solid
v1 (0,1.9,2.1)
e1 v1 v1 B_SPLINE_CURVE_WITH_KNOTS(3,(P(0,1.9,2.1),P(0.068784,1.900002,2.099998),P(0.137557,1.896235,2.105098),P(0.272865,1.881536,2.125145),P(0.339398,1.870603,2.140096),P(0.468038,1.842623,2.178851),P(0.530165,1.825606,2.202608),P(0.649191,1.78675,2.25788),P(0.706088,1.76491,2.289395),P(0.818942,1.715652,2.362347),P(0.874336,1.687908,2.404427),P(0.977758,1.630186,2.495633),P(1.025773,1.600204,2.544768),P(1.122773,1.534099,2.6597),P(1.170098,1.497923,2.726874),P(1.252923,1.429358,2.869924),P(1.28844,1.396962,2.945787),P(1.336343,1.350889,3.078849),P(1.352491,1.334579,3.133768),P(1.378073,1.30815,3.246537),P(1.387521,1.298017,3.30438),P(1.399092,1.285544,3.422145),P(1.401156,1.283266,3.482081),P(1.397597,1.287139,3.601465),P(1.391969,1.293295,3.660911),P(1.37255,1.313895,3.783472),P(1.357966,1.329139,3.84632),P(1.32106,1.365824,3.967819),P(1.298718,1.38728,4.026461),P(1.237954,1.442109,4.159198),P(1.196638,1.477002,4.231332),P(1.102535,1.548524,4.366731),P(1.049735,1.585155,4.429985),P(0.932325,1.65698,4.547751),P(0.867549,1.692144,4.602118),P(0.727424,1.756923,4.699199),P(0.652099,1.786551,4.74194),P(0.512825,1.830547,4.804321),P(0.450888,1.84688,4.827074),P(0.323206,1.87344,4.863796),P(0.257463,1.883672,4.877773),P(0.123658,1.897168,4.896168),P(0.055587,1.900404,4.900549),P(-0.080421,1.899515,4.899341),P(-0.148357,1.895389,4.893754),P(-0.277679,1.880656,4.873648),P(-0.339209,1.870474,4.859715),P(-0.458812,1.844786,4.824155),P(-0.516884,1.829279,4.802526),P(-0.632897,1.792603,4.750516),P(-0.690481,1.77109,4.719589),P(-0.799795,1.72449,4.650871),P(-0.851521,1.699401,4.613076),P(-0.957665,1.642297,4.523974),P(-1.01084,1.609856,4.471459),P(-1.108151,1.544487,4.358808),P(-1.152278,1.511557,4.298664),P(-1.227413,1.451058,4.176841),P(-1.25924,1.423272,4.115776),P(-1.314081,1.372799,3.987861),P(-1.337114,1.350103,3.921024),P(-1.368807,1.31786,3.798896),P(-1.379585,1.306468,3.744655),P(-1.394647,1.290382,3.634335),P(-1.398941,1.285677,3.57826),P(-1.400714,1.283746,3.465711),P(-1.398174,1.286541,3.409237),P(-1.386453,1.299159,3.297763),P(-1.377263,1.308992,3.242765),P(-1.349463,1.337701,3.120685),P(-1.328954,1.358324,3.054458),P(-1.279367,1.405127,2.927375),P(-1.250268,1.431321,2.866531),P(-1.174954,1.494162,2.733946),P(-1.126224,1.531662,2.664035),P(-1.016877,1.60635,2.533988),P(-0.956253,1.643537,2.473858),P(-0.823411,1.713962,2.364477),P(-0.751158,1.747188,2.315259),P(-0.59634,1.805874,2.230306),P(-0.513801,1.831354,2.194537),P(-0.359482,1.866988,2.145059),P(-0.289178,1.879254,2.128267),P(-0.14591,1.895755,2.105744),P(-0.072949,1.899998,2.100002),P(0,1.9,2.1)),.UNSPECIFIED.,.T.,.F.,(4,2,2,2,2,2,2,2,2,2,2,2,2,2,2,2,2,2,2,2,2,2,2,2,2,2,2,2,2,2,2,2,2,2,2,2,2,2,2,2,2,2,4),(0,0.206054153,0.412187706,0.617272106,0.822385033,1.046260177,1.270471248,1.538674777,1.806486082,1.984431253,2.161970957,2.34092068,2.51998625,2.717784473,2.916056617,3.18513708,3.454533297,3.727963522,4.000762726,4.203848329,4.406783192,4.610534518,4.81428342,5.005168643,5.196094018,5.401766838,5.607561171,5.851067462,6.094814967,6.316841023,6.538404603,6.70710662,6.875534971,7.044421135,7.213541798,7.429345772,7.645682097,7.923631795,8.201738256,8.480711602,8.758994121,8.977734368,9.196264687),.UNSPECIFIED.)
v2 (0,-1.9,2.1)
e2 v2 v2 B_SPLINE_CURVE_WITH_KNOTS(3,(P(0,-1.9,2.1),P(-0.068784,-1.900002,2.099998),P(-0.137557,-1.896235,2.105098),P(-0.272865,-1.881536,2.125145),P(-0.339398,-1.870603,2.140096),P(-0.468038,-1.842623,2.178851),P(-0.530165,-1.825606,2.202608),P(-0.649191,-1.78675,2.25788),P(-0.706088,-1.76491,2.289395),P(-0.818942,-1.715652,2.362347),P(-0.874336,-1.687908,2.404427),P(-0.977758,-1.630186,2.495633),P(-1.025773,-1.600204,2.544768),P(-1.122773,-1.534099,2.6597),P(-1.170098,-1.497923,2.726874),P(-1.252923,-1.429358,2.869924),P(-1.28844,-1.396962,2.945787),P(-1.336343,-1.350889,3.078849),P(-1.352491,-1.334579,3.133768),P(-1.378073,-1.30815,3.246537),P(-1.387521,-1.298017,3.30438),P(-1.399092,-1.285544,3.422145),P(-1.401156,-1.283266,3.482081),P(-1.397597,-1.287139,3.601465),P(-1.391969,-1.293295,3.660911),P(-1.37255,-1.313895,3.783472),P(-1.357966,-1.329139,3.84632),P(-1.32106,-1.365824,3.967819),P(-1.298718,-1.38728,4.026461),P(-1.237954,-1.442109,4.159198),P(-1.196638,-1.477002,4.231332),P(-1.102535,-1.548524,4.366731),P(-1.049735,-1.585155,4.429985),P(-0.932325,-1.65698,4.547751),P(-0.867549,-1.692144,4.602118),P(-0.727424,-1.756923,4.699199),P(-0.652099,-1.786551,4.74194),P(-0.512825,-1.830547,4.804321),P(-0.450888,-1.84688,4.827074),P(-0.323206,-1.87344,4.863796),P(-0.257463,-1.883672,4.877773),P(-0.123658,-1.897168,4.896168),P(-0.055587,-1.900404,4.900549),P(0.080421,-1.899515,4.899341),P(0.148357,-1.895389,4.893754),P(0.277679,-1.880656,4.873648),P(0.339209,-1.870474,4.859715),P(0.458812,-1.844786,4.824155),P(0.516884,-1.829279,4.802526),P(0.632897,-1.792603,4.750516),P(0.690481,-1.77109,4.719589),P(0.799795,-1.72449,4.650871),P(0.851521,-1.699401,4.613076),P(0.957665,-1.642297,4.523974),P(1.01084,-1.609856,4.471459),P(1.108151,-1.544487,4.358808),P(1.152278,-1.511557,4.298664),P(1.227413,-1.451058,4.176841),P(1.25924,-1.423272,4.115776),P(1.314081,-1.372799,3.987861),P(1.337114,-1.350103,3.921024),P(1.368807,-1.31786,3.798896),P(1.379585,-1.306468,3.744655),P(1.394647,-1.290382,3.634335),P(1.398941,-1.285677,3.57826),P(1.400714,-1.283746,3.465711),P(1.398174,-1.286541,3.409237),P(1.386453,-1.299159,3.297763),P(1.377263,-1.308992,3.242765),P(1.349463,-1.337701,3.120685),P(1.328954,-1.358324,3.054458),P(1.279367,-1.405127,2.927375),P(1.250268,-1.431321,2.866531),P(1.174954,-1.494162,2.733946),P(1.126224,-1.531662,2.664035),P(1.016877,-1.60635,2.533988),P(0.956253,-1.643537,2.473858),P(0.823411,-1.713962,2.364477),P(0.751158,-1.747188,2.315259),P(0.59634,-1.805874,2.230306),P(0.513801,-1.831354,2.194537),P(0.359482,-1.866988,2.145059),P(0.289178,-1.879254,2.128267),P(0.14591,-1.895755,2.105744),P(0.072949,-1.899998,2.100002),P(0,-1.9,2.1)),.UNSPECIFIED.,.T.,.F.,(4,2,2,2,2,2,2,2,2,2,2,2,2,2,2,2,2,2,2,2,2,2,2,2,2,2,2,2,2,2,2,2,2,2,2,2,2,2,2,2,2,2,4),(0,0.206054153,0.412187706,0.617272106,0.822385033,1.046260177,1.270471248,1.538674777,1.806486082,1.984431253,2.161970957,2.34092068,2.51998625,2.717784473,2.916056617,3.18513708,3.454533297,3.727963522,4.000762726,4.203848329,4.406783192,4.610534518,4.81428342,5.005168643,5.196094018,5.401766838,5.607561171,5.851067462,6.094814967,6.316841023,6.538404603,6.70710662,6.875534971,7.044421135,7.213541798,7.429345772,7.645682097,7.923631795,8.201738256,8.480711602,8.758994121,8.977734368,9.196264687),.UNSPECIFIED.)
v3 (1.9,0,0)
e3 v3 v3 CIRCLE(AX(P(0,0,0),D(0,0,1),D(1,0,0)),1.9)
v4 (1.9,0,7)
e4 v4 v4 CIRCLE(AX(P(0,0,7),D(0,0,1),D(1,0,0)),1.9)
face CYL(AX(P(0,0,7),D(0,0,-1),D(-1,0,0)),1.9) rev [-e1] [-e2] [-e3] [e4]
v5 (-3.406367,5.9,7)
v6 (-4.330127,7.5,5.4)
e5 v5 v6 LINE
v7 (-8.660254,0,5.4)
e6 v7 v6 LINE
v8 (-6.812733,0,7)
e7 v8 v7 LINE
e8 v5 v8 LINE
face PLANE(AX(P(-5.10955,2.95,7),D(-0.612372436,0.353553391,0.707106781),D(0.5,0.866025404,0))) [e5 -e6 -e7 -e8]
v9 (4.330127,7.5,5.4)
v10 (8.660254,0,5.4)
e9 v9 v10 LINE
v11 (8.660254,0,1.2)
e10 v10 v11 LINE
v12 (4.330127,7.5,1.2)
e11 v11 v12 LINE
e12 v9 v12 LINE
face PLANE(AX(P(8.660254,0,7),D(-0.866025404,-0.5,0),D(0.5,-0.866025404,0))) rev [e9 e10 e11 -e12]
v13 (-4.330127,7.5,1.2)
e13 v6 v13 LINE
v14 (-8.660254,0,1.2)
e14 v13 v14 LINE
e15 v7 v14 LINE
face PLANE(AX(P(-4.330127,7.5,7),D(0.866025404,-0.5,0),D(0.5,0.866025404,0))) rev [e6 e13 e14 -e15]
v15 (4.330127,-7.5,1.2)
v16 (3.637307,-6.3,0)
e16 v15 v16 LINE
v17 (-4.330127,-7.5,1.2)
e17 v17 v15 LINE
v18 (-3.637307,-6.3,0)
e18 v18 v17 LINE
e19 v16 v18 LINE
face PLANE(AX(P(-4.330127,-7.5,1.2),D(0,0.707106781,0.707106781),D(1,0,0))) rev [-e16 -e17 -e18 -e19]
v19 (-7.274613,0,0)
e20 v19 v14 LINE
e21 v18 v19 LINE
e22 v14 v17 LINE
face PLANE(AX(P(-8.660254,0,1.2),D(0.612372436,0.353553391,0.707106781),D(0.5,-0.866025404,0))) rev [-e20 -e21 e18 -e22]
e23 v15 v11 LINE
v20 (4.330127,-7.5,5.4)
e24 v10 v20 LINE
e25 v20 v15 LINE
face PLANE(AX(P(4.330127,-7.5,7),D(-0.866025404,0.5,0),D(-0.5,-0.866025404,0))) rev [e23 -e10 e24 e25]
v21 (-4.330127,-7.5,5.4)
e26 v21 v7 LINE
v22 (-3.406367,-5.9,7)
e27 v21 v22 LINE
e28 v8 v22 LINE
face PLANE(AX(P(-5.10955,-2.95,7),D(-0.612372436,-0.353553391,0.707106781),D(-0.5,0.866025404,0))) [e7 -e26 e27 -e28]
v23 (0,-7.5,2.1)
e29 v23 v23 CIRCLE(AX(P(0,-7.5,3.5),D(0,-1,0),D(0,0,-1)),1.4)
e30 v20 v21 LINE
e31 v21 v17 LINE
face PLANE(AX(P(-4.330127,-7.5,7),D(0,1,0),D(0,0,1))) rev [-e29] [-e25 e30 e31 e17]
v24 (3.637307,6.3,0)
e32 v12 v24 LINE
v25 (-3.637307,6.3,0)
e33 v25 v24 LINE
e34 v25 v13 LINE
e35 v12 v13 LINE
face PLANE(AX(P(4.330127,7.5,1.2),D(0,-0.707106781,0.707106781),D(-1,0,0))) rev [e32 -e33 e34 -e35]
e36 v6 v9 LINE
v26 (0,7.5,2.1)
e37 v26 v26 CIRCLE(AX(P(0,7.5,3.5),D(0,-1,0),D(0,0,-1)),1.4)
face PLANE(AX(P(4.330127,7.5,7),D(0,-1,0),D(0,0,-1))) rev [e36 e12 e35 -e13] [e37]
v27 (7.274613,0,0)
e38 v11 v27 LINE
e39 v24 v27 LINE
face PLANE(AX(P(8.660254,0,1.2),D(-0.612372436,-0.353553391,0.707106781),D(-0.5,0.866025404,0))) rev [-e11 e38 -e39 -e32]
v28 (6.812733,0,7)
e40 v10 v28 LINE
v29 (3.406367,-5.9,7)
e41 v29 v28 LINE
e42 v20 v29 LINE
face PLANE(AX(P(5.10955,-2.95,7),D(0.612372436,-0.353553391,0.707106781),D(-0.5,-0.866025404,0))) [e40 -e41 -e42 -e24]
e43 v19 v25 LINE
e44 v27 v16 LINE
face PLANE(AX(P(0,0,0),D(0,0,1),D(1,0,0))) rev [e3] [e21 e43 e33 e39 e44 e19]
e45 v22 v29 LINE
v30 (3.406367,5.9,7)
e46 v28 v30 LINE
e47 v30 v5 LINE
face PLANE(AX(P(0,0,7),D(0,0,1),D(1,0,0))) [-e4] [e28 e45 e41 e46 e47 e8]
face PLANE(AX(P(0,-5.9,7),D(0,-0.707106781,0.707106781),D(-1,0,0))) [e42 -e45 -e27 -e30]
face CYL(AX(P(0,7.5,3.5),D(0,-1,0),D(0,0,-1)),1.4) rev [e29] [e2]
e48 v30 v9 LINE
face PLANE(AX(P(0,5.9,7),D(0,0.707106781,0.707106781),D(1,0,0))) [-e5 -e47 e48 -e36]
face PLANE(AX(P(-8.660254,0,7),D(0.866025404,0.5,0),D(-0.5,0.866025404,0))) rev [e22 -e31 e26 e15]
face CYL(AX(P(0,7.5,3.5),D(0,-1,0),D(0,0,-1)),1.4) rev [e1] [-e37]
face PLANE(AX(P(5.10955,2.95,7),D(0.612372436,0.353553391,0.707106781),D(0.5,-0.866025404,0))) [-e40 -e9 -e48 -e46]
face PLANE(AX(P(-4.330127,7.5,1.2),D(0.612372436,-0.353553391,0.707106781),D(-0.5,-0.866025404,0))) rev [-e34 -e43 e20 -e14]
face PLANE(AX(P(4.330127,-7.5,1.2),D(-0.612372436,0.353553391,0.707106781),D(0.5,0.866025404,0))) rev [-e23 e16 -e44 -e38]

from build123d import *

# Parameters (mm, degrees)
SKETCH1_R           = 1.9
BOSS_EXTRUDE1_DEPTH = 7
SKETCH2_R           = 1.4
CUT_EXTRUDE1_DEPTH  = 16
CHAMFER1_SIZE       = 1.6
CHAMFER2_SIZE       = 1.2


with BuildPart() as part:
    # Sketch1 → Boss-Extrude1 (new body)
    with BuildSketch(Plane.XY):
        Polygon((8.660254038, 0), (4.330127019, 7.5), (-4.330127019, 7.5), (-8.660254038, 0), (-4.330127019, -7.5), (4.330127019, -7.5), align=None)
        Circle(SKETCH1_R, mode=Mode.SUBTRACT)
    extrude(amount=BOSS_EXTRUDE1_DEPTH)

    # Sketch2 → Cut-Extrude1 (cut, through all)
    with BuildSketch(Plane.XZ.offset(7.5)):
        with Locations((0, 3.5)):
            Circle(SKETCH2_R)
    extrude(amount=-CUT_EXTRUDE1_DEPTH, mode=Mode.SUBTRACT)

    # Chamfer1
    chamfer1_edges = [part.edges().sort_by_distance(p)[0] for p in [
        (0, 7.5, 7),
        (-6.495190528, 3.75, 7),
        (-6.495190528, -3.75, 7),
        (0, -7.5, 7),
        (6.495190528, -3.75, 7),
        (6.495190528, 3.75, 7),
    ]]
    chamfer(chamfer1_edges, length=CHAMFER1_SIZE)

    # Chamfer2
    chamfer2_edges = [part.edges().sort_by_distance(p)[0] for p in [
        (0, -7.5, 0),
        (-6.495190528, -3.75, 0),
        (-6.495190528, 3.75, 0),
        (0, 7.5, 0),
        (6.495190528, 3.75, 0),
        (6.495190528, -3.75, 0),
    ]]
    chamfer(chamfer2_edges, length=CHAMFER2_SIZE)


solid = part.part
